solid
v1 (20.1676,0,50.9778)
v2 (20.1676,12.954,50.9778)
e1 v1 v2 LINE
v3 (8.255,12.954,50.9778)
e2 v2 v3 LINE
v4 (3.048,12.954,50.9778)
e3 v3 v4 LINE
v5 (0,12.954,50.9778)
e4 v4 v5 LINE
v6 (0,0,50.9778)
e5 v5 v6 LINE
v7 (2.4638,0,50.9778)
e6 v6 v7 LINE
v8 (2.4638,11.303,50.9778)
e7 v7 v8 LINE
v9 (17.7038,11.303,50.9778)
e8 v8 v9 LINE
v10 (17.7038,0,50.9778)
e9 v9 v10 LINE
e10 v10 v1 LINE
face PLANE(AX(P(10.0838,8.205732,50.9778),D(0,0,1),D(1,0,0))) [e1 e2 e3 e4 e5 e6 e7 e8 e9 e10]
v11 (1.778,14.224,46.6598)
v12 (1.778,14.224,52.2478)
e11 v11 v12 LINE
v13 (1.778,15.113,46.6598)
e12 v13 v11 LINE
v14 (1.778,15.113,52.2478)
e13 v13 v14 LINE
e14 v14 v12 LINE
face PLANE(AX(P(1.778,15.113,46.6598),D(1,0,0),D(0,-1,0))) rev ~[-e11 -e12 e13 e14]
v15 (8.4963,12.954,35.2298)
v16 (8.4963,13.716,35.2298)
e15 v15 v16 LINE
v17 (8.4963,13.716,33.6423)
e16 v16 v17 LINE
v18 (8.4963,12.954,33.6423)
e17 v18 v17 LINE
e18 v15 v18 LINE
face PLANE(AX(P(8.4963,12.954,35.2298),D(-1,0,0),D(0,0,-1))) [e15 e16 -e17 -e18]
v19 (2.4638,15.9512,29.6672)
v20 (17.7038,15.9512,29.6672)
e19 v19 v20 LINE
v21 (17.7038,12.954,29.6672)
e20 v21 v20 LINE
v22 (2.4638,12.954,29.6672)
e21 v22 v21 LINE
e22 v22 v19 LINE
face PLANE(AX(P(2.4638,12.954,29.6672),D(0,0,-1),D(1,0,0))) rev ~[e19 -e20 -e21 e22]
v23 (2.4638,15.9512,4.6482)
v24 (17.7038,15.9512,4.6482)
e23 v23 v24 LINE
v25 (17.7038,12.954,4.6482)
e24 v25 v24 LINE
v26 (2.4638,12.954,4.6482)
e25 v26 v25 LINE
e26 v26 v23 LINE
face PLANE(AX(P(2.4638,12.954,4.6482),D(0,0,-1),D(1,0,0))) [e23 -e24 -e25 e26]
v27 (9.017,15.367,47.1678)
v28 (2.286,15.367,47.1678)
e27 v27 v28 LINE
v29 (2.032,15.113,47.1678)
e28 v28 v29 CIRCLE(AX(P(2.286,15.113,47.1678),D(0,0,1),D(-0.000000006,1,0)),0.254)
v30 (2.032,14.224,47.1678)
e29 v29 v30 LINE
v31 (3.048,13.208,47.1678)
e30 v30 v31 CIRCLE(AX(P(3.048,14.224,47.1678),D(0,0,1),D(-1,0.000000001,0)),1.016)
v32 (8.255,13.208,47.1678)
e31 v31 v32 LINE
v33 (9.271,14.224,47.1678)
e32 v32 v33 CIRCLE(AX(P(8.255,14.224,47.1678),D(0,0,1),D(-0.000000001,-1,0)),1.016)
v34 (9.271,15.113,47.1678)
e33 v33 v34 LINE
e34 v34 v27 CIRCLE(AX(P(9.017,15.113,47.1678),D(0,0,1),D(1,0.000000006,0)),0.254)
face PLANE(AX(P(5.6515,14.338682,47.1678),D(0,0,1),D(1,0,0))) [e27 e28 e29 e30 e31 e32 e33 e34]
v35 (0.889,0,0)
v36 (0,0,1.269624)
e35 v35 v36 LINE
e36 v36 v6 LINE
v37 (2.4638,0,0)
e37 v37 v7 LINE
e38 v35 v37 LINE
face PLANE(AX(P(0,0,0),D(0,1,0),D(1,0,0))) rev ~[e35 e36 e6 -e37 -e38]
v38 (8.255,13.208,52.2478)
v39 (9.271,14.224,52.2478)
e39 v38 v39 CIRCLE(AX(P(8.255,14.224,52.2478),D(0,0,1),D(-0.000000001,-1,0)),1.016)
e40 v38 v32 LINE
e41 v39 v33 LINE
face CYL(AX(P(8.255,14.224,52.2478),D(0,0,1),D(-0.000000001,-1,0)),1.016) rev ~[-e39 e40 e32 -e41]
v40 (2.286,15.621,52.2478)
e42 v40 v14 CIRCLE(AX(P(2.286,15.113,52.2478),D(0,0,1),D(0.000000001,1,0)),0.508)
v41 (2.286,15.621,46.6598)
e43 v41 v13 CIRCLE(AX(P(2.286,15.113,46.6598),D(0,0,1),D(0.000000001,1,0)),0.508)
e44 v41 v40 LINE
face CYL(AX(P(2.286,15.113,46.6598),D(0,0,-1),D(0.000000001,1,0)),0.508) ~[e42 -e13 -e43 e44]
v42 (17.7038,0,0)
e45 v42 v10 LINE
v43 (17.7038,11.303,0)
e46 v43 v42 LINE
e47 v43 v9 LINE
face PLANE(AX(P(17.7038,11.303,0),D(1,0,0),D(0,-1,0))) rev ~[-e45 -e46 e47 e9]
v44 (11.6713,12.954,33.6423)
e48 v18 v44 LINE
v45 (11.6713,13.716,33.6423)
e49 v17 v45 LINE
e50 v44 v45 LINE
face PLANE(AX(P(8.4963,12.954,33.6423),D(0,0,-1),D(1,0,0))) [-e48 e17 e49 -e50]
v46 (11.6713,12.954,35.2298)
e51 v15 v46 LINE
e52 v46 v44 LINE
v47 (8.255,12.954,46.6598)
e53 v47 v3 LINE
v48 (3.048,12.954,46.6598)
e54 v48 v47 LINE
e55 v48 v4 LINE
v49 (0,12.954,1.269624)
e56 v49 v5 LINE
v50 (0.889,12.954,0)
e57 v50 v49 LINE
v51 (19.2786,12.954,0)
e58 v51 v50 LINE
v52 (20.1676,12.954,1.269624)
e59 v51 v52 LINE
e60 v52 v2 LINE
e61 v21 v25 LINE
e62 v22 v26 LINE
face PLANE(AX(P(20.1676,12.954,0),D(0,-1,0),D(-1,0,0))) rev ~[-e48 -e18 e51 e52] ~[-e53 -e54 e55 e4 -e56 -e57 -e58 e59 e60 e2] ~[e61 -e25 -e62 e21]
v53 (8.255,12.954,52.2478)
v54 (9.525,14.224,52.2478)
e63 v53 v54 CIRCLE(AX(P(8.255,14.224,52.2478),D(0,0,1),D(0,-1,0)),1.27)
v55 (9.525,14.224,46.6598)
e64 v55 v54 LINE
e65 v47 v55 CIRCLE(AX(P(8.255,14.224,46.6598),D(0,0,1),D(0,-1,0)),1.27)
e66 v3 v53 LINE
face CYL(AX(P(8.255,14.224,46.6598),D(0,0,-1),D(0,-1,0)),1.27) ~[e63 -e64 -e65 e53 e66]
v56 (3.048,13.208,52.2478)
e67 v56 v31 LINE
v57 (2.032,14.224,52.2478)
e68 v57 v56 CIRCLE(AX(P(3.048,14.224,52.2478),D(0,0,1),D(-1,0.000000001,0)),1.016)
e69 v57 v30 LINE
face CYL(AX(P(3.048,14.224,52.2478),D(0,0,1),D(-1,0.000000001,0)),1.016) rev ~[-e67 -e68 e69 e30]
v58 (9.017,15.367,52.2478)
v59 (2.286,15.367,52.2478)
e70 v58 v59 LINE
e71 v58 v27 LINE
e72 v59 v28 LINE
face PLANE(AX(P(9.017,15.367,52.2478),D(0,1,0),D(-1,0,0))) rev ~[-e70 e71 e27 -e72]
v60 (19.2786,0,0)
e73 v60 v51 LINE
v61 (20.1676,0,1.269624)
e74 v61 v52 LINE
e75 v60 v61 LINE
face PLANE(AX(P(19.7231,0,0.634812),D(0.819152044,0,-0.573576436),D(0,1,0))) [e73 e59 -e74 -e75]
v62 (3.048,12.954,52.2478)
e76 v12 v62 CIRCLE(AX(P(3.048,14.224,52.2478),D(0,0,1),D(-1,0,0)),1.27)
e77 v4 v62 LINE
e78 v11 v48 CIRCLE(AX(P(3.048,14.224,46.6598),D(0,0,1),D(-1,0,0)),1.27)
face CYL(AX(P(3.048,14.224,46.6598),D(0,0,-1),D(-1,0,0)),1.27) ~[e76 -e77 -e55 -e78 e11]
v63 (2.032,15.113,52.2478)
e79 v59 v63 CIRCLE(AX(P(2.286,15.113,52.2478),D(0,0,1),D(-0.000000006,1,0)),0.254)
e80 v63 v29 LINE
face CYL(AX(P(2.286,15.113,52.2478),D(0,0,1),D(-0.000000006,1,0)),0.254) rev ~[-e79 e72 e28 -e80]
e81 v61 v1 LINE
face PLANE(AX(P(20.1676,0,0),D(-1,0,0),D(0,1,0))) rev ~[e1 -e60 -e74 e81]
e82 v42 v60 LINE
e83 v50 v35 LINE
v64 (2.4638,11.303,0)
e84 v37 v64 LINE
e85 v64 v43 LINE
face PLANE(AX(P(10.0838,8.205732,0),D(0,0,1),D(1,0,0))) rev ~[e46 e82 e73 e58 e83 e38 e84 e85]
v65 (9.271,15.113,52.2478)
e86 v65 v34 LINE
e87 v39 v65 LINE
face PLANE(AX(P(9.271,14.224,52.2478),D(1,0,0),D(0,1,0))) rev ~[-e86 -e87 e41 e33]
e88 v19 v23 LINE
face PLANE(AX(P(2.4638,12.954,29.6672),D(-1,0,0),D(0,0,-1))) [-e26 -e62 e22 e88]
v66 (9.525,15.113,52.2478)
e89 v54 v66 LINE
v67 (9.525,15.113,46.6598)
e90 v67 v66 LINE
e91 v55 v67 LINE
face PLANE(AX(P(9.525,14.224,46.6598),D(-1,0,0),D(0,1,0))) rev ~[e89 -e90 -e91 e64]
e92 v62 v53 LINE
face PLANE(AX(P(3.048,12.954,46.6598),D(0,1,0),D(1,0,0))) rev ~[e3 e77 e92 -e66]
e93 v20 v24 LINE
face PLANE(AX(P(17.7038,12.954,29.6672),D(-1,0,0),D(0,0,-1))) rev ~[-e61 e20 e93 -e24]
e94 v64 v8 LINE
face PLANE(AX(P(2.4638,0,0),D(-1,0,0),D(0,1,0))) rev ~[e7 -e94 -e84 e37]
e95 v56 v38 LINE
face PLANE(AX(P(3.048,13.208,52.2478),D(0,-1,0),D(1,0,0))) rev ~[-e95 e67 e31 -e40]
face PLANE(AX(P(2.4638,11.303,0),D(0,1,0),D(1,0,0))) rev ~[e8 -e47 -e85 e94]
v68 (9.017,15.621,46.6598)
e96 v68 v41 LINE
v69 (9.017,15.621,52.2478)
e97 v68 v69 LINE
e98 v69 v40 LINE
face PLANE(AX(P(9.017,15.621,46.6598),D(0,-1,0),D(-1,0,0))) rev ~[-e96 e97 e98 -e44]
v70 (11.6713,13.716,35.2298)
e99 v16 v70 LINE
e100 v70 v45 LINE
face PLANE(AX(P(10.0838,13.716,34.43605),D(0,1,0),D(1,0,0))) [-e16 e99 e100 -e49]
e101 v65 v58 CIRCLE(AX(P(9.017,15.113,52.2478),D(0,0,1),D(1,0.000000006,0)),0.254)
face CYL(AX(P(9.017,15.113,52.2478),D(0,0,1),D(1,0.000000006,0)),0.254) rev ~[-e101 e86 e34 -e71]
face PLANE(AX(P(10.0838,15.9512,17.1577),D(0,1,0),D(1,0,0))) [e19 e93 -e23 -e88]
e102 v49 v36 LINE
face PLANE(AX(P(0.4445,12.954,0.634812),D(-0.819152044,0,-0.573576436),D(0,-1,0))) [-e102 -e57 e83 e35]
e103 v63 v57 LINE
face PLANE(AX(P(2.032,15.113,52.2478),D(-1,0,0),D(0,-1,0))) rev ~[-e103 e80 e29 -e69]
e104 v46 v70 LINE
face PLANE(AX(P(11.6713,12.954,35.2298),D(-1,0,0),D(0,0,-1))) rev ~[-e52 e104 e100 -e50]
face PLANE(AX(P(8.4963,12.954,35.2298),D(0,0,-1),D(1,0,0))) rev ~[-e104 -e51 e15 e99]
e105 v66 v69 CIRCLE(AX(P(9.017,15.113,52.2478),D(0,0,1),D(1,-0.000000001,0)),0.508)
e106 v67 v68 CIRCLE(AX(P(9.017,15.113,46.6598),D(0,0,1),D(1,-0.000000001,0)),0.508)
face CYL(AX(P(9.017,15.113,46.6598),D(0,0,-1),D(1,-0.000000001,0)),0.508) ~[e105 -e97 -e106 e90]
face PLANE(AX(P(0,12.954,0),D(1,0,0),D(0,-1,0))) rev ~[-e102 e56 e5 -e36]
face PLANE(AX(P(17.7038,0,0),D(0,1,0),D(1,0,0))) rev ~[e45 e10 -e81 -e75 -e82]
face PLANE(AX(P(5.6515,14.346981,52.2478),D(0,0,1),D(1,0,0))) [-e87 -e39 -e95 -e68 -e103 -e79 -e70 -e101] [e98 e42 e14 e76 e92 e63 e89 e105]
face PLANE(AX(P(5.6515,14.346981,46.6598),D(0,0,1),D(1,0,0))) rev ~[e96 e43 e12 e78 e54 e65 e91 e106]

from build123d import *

# Parameters (mm, degrees)
BOSS_EXTRUDE1_DEPTH      = 50.9778
CHAMFER1_SIZE            = 0.889
CHAMFER1_SIZE2           = 1.269623578
BOSS_EXTRUDE2_DEPTH      = 1.27
BOSS_EXTRUDE2_DEPTH_BACK = 4.318
CUT_EXTRUDE1_DEPTH       = 5.08
SKETCH4_W                = 3.175
SKETCH4_H                = 1.5875
BOSS_EXTRUDE3_DEPTH      = 0.762
SKETCH5_W                = 15.24
SKETCH5_H                = 25.019
BOSS_EXTRUDE4_DEPTH      = 2.9972


with BuildPart() as part:
    # Sketch1 → Boss-Extrude1 (new body)
    with BuildSketch(Plane.XY):
        Polygon((0, 0), (2.4638, 0), (2.4638, 11.303), (17.7038, 11.303), (17.7038, 0), (20.1676, 0), (20.1676, 12.954), (0, 12.954), align=None)
    extrude(amount=BOSS_EXTRUDE1_DEPTH)

    # Chamfer1
    chamfer1_edges = [part.edges().sort_by_distance(p)[0] for p in [
        (0, 6.477, 0),
        (20.1676, 6.477, 0),
    ]]
    chamfer1_side = [part.faces().sort_by_distance(p)[0] for p in [
        (1.2319, 0.239695266, 0),
    ]]
    chamfer(chamfer1_edges, length=CHAMFER1_SIZE, length2=CHAMFER1_SIZE2, reference=chamfer1_side[0])

    # Sketch2 → Boss-Extrude2 (add, two sides: drawn at the far end of the back side and taken through both)
    with BuildSketch(Plane.XY.offset(50.9778).offset(-BOSS_EXTRUDE2_DEPTH_BACK)):
        with BuildLine():
            Line((3.048, 12.954), (8.255, 12.954))
            ThreePointArc((8.255, 12.954), (9.153025612, 13.325974388), (9.525, 14.224))
            Line((9.525, 14.224), (9.525, 15.113))
            ThreePointArc((9.525, 15.113), (9.376210245, 15.472210245), (9.017, 15.621))
            Line((9.017, 15.621), (2.286, 15.621))
            ThreePointArc((2.286, 15.621), (1.926789755, 15.472210245), (1.778, 15.113))
            Line((1.778, 15.113), (1.778, 14.224))
            ThreePointArc((1.778, 14.224), (2.149974388, 13.325974388), (3.048, 12.954))
        make_face()
    extrude(amount=BOSS_EXTRUDE2_DEPTH + BOSS_EXTRUDE2_DEPTH_BACK)

    # Sketch3 → Cut-Extrude1 (cut)
    with BuildSketch(Plane.XY.offset(52.2478)):
        with BuildLine():
            Line((9.271, 14.224), (9.271, 15.113))
            ThreePointArc((9.271, 15.113), (9.196605122, 15.292605122), (9.017, 15.367))
            Line((9.017, 15.367), (2.286, 15.367))
            ThreePointArc((2.286, 15.367), (2.106394878, 15.292605122), (2.032, 15.113))
            Line((2.032, 15.113), (2.032, 14.224))
            ThreePointArc((2.032, 14.224), (2.32957951, 13.50557951), (3.048, 13.208))
            Line((3.048, 13.208), (8.255, 13.208))
            ThreePointArc((8.255, 13.208), (8.97342049, 13.50557951), (9.271, 14.224))
        make_face()
    extrude(amount=-CUT_EXTRUDE1_DEPTH, mode=Mode.SUBTRACT)

    # Sketch4 → Boss-Extrude3 (add)
    with BuildSketch(Plane(origin=(0, 12.954, 0), x_dir=(1, 0, 0), z_dir=(0, 1, 0))):
        with Locations((10.0838, -34.43605)):
            Rectangle(SKETCH4_W, SKETCH4_H)
    extrude(amount=BOSS_EXTRUDE3_DEPTH)

    # Sketch5 → Boss-Extrude4 (add)
    with BuildSketch(Plane(origin=(0, 12.954, 0), x_dir=(1, 0, 0), z_dir=(0, 1, 0))):
        with Locations((10.0838, -17.1577)):
            Rectangle(SKETCH5_W, SKETCH5_H)
    extrude(amount=BOSS_EXTRUDE4_DEPTH)


solid = part.part
